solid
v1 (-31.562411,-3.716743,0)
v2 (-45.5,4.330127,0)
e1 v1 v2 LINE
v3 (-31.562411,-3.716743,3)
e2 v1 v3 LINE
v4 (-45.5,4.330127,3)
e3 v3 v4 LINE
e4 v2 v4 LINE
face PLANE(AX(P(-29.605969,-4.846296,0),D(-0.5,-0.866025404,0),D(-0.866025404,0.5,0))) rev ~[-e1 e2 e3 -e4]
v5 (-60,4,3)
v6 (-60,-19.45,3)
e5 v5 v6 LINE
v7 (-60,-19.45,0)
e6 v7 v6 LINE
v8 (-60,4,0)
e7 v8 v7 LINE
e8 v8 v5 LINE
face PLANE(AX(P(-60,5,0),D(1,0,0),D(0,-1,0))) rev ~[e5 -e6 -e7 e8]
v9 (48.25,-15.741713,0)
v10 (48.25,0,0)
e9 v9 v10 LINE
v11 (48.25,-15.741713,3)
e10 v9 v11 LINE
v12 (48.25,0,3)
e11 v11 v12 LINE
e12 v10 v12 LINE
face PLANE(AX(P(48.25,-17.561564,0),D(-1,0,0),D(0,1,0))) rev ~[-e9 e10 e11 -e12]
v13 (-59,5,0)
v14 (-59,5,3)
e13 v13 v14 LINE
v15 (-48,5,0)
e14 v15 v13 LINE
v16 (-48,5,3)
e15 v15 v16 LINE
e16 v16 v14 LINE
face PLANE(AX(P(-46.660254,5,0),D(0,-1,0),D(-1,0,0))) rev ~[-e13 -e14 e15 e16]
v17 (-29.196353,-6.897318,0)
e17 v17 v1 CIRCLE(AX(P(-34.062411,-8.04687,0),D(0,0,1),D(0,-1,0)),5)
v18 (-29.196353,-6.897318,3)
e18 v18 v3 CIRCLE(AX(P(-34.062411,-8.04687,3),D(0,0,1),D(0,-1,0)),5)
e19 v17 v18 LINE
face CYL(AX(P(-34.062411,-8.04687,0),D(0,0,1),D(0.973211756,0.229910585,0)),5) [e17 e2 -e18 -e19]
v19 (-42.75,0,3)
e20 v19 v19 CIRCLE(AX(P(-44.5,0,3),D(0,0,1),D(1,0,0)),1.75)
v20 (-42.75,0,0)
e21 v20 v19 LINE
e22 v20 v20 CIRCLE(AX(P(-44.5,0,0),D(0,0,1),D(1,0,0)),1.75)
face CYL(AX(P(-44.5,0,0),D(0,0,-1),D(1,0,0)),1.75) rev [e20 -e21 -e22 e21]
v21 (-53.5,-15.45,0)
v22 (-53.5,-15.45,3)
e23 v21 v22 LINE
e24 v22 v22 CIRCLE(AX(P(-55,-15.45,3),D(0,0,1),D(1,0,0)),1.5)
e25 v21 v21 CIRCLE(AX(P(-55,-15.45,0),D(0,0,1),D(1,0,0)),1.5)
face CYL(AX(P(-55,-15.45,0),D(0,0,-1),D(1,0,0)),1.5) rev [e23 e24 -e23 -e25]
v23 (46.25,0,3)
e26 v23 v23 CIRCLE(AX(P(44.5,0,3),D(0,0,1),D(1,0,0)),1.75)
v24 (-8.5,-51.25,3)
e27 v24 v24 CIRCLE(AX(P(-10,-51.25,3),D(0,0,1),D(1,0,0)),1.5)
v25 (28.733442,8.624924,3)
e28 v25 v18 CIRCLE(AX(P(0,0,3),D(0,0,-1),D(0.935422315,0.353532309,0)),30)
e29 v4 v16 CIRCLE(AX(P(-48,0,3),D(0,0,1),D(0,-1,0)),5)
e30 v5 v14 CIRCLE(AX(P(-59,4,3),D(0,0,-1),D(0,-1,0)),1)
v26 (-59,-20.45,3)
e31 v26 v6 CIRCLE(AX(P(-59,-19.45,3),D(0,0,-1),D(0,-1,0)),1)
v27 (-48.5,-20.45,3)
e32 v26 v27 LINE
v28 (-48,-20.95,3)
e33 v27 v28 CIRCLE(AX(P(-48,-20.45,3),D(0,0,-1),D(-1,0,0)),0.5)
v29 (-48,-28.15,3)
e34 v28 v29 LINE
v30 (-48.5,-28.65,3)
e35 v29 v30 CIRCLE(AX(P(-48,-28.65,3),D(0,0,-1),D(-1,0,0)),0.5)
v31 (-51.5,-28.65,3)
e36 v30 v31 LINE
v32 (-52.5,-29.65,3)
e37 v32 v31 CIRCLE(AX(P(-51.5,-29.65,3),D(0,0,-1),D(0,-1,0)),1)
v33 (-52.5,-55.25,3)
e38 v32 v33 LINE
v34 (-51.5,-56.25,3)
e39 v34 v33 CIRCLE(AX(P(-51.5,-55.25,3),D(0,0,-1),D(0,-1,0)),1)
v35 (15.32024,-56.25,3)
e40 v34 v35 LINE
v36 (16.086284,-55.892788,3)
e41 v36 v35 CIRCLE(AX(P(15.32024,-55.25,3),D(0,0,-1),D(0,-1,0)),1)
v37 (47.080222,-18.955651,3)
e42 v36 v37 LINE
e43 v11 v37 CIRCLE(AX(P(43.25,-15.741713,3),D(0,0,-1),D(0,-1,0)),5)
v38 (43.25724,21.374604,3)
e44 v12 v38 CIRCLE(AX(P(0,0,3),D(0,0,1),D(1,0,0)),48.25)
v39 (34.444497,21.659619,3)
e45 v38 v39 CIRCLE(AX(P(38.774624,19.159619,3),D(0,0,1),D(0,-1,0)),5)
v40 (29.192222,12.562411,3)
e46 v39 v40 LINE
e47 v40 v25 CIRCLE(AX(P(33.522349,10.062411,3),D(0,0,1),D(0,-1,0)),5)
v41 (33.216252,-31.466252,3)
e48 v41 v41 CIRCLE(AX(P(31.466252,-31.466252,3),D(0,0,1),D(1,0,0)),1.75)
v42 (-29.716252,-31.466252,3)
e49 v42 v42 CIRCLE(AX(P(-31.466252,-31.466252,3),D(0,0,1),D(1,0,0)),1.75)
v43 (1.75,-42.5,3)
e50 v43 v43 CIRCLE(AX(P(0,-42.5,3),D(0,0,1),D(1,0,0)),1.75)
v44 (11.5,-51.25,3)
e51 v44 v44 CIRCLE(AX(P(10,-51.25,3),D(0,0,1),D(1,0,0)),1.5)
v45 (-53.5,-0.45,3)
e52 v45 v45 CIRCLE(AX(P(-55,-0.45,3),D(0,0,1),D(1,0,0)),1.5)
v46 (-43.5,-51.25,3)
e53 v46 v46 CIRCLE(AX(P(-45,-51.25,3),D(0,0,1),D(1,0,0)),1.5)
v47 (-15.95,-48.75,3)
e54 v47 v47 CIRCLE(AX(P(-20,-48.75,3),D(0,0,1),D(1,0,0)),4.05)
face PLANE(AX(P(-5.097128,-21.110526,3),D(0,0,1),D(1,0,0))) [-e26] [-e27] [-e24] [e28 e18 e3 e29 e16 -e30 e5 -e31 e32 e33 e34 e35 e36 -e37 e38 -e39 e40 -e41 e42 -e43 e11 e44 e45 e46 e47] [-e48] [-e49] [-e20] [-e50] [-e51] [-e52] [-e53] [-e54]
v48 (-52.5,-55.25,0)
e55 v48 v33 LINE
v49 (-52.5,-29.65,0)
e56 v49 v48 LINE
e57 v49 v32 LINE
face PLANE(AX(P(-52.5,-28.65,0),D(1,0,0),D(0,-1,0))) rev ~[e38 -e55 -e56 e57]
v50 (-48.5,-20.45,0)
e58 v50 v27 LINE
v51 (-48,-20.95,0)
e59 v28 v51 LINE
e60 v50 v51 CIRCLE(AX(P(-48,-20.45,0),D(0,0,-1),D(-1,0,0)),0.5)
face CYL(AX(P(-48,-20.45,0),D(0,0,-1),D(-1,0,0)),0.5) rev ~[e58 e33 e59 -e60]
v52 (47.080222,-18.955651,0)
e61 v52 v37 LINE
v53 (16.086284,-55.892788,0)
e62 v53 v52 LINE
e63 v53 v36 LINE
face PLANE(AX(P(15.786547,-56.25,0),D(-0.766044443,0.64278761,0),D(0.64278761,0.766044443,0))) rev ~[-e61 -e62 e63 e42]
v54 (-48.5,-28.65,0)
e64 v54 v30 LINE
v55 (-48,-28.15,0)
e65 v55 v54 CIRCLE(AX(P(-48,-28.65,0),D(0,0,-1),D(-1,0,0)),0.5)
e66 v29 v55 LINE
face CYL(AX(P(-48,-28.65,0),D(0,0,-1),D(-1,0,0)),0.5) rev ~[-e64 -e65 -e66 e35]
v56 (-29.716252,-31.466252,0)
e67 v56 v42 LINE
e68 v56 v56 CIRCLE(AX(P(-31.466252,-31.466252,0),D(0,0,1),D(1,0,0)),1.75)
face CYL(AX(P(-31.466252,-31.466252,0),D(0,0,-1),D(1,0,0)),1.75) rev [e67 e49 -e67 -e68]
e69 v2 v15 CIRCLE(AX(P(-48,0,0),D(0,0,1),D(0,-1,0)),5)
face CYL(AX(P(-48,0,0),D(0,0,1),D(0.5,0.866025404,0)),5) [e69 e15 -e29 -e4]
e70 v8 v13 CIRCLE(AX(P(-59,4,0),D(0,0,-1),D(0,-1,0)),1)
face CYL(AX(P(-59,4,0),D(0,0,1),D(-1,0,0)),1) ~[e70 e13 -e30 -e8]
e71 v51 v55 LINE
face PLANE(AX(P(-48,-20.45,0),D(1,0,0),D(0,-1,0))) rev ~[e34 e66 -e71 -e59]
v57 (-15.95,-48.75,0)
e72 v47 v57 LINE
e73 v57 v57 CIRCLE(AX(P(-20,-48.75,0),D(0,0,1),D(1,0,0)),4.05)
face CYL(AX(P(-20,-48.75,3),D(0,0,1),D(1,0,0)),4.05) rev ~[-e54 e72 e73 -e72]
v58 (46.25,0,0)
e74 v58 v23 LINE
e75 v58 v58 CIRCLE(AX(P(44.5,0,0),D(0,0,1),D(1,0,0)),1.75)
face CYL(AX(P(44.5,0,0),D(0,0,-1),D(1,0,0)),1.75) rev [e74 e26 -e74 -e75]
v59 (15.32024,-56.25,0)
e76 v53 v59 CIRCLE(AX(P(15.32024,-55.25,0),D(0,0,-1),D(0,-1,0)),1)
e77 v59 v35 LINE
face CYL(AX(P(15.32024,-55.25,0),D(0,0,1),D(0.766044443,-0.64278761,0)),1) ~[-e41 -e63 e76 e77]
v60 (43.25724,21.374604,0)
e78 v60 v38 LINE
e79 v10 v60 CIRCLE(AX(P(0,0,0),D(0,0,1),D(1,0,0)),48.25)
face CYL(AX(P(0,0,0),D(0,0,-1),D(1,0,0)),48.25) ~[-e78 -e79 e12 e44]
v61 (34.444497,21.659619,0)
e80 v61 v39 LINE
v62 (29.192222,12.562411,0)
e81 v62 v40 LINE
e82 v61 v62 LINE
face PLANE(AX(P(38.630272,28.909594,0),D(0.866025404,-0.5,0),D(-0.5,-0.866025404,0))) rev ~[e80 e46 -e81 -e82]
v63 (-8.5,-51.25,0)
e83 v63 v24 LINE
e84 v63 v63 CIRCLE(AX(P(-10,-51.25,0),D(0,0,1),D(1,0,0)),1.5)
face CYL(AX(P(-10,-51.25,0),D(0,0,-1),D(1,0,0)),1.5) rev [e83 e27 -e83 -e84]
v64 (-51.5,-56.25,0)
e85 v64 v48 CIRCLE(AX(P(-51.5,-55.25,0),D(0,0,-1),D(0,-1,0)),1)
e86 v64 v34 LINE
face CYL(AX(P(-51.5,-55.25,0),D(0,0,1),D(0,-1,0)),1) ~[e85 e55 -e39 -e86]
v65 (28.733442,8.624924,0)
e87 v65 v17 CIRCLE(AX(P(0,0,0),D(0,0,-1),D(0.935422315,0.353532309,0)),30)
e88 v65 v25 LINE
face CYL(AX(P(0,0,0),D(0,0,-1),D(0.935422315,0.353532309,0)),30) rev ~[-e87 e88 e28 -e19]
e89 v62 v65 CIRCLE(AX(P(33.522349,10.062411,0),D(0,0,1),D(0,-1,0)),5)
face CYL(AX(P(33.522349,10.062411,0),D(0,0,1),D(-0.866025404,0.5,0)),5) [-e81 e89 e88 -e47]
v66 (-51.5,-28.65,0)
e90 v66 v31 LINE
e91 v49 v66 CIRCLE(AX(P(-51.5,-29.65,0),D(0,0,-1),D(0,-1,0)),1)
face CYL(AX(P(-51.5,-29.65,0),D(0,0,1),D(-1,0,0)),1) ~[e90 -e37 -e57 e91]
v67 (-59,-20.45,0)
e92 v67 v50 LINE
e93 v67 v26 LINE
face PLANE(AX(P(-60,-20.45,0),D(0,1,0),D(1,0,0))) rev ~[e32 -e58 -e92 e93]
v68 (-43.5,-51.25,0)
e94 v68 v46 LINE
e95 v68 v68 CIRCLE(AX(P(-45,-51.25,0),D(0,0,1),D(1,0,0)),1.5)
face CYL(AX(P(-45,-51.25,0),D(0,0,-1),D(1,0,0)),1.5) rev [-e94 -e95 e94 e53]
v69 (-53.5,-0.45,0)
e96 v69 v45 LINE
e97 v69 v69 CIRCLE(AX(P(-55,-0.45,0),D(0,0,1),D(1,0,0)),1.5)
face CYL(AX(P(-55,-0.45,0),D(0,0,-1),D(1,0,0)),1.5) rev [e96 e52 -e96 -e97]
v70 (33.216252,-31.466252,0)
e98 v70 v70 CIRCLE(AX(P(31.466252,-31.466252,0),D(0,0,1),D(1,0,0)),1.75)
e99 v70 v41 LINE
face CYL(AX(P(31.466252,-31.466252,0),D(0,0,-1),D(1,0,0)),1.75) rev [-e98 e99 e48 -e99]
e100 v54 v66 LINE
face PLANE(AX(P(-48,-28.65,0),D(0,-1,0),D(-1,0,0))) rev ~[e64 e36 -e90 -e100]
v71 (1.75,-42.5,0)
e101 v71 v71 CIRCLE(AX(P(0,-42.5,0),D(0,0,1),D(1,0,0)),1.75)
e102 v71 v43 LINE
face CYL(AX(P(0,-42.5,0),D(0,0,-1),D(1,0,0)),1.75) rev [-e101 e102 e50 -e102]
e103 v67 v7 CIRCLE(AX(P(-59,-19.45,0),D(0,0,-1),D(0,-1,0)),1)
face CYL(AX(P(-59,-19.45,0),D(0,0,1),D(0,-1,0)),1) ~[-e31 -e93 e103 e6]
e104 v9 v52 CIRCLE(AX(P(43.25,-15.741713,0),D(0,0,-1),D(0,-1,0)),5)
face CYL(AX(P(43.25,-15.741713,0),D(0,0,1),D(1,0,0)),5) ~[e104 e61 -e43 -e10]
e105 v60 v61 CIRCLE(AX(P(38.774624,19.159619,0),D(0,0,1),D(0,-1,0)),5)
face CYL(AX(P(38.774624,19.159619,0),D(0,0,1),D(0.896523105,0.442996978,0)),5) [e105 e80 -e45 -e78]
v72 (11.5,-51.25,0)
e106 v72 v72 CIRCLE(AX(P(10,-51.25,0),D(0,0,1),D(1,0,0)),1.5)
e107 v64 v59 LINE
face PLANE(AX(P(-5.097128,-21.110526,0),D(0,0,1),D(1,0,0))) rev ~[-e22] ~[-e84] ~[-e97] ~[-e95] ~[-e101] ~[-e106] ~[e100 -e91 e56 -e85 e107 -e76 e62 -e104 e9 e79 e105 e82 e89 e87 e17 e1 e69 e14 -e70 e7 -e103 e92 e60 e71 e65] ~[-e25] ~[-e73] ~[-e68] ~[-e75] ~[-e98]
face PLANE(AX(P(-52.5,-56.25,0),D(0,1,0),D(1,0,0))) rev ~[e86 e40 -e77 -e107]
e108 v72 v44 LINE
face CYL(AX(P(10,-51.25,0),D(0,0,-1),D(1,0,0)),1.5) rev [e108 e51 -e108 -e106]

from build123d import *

# Parameters (mm, degrees)
SKETCH_1_R          = 1.5
SKETCH_1_R_2        = 1.75
EXTRUDE_1_DEPTH     = 3
FILLET_1_R          = 5
SKETCH_3_R          = 0.5
CUT_EXTRUDE_1_DEPTH = 10
SKETCH_4_R          = 4.05
CUT_EXTRUDE_2_DEPTH = 10
FILLET_2_R          = 1


with BuildPart() as part:
    # 草图1 → 凸台-拉伸1 (new body)
    with BuildSketch(Plane.XY):
        with BuildLine():
            Line((48.25, -17.561563803), (48.25, 0))
            ThreePointArc((48.25, 0), (45.781945765, 15.234038926), (38.630271835, 28.909593528))
            Line((38.630271835, 28.909593528), (28.062669438, 10.605969263))
            ThreePointArc((28.062669438, 10.605969263), (7.764571353, -28.977774789), (-29.605969263, -4.846295906))
            Line((-29.605969263, -4.846295906), (-46.660254038, 5))
            Line((-46.660254038, 5), (-60, 5))
            Line((-60, 5), (-60, -20.45))
            Line((-60, -20.45), (-48, -20.45))
            Line((-48, -20.45), (-48, -28.65))
            Line((-48, -28.65), (-52.5, -28.65))
            Line((-52.5, -28.65), (-52.5, -56.25))
            Line((-52.5, -56.25), (-29.605969263, -56.25))
            Line((-29.605969263, -56.25), (15.786547457, -56.25))
            Line((15.786547457, -56.25), (48.25, -17.561563803))
        make_face()
        with Locations((-45, -51.25)):
            Circle(SKETCH_1_R, mode=Mode.SUBTRACT)
        with Locations((-10, -51.25)):
            Circle(SKETCH_1_R, mode=Mode.SUBTRACT)
        with Locations((-55, -15.45)):
            Circle(SKETCH_1_R, mode=Mode.SUBTRACT)
        with Locations((-31.466251763, -31.466251763)):
            Circle(SKETCH_1_R_2, mode=Mode.SUBTRACT)
        with Locations((10, -51.25)):
            Circle(SKETCH_1_R, mode=Mode.SUBTRACT)
        with Locations((0, -42.5)):
            Circle(SKETCH_1_R_2, mode=Mode.SUBTRACT)
        with Locations((31.466251763, -31.466251763)):
            Circle(SKETCH_1_R_2, mode=Mode.SUBTRACT)
        with Locations((-55, -0.45)):
            Circle(SKETCH_1_R, mode=Mode.SUBTRACT)
        with Locations((-44.5, 0)):
            Circle(SKETCH_1_R_2, mode=Mode.SUBTRACT)
        with Locations((44.5, 0)):
            Circle(SKETCH_1_R_2, mode=Mode.SUBTRACT)
    extrude(amount=EXTRUDE_1_DEPTH)

    # 圆角1
    fillet_1_edges = [part.edges().sort_by_distance(p)[0] for p in [
        (48.25, -17.561563803, 1.5),
        (-46.660254038, 5, 1.5),
        (-29.605969263, -4.846295906, 1.5),
        (28.062669438, 10.605969263, 1.5),
        (38.630271835, 28.909593528, 1.5),
    ]]
    fillet(fillet_1_edges, radius=FILLET_1_R)

    # 草图3 → 切除-拉伸1 (cut)
    with BuildSketch(Plane(origin=(0, 0, 0), x_dir=(-1, 0, 0), z_dir=(0, 0, -1))):
        with Locations((48, -20.45)):
            Circle(SKETCH_3_R)
        with Locations((48, -28.65)):
            Circle(SKETCH_3_R)
    extrude(amount=-CUT_EXTRUDE_1_DEPTH, mode=Mode.SUBTRACT)

    # 草图4 → 切除-拉伸2 (cut)
    with BuildSketch(Plane.XY.offset(3)):
        with Locations((-20, -48.75)):
            Circle(SKETCH_4_R)
    extrude(amount=-CUT_EXTRUDE_2_DEPTH, mode=Mode.SUBTRACT)

    # 圆角2
    fillet_2_edges = [part.edges().sort_by_distance(p)[0] for p in [
        (15.786547457, -56.25, 1.5),
        (-52.5, -56.25, 1.5),
        (-52.5, -28.65, 1.5),
        (-60, -20.45, 1.5),
        (-60, 5, 1.5),
    ]]
    fillet(fillet_2_edges, radius=FILLET_2_R)


solid = part.part
